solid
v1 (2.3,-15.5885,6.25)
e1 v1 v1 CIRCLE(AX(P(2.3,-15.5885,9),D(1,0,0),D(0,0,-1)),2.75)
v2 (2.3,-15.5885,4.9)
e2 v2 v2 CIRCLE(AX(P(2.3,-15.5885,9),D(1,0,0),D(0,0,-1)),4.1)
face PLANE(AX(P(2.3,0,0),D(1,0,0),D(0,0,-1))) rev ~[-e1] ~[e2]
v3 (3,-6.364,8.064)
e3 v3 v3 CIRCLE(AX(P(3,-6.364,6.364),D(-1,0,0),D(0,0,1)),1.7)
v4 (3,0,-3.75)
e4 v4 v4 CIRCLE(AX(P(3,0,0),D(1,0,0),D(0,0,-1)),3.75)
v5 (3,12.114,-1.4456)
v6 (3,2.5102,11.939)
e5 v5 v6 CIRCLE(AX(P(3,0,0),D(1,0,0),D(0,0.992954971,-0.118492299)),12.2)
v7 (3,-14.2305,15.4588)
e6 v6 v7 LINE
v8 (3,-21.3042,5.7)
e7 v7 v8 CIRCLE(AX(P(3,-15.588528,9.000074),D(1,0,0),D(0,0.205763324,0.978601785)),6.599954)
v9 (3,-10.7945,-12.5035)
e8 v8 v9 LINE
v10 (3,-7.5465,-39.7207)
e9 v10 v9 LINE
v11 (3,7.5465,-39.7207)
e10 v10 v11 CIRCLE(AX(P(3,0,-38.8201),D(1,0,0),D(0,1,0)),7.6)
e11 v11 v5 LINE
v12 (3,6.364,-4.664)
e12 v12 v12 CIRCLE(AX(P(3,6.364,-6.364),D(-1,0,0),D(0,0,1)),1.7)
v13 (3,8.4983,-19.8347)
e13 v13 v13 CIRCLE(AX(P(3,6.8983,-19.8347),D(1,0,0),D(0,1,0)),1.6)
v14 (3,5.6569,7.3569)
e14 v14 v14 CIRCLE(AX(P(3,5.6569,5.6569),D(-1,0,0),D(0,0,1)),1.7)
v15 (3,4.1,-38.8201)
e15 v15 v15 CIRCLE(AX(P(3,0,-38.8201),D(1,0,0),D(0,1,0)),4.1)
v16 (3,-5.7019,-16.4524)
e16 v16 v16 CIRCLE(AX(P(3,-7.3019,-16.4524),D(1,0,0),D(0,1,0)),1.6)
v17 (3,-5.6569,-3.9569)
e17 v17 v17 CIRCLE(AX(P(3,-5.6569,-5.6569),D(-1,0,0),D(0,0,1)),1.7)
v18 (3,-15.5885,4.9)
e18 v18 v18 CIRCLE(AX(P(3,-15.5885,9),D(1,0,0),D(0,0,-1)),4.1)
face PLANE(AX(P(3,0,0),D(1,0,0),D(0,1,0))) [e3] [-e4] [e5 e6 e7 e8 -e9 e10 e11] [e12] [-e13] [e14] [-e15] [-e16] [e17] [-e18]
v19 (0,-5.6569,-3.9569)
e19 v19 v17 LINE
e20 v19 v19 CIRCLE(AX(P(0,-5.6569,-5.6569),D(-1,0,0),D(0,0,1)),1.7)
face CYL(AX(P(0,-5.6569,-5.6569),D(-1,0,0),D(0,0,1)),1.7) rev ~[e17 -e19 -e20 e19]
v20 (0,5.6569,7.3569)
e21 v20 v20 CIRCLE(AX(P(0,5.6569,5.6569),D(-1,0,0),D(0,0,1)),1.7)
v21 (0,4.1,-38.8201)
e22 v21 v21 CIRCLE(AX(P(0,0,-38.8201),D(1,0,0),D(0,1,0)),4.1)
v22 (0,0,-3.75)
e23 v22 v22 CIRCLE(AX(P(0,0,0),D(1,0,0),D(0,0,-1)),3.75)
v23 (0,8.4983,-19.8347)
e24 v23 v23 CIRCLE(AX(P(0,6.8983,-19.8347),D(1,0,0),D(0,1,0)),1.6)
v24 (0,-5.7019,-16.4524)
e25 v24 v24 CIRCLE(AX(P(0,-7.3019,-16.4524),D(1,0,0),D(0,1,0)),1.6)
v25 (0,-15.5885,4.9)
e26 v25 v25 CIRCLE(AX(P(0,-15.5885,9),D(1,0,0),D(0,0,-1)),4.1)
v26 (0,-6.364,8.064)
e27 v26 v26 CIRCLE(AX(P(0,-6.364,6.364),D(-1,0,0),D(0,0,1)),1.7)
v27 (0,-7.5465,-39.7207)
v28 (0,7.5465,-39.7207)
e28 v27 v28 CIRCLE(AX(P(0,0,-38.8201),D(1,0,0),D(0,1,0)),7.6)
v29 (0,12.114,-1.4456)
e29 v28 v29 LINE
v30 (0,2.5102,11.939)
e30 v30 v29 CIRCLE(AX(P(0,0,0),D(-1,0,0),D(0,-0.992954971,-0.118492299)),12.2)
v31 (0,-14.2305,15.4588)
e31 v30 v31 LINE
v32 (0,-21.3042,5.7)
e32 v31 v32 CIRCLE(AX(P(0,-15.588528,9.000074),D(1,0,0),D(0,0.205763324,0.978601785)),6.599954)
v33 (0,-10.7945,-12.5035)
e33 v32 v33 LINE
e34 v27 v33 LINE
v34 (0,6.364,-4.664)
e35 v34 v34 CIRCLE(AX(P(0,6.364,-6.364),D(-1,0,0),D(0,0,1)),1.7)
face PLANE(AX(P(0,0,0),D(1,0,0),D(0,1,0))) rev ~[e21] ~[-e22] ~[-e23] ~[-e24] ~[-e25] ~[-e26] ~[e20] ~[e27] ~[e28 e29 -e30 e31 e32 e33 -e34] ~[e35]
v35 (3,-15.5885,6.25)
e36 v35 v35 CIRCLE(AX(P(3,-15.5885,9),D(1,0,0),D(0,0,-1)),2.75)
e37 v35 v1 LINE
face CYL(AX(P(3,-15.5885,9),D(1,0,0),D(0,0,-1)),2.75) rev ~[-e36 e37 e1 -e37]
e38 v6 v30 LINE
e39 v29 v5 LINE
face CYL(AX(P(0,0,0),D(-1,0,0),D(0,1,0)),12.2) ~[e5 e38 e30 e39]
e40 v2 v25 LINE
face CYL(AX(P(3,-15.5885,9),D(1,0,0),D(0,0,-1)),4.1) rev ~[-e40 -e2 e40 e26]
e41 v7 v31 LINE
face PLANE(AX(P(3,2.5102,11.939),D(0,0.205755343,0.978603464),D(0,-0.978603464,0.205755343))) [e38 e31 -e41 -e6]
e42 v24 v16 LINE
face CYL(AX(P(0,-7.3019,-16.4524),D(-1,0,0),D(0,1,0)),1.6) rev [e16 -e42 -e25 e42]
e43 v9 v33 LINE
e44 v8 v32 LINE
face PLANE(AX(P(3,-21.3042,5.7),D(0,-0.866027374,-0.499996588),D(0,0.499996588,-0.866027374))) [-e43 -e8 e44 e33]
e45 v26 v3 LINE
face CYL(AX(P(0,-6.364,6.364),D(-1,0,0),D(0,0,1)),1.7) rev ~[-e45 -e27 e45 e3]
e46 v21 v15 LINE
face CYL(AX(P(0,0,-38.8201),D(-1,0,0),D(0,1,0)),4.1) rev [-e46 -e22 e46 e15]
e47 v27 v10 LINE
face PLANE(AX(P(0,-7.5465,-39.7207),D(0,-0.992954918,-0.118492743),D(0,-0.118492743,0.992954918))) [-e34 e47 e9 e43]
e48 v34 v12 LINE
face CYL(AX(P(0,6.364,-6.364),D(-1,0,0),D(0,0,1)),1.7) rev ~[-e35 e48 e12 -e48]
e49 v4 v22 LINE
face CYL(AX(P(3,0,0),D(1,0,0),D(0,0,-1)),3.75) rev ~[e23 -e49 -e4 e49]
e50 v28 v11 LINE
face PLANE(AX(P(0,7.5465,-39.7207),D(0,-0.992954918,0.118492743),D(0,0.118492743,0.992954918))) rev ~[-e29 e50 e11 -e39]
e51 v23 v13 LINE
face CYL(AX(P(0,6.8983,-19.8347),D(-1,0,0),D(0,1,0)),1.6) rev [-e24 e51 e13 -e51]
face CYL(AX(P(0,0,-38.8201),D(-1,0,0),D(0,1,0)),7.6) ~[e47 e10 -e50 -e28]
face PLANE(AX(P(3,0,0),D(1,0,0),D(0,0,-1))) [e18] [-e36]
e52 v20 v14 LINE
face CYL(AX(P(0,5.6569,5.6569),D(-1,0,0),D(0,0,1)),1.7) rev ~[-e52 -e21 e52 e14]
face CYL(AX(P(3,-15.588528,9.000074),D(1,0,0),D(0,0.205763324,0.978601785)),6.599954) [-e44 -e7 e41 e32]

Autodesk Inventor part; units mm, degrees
ref_plane "YZ Plane" through (0, 0, 0) normal (1, 0, 0) x (0, 1, 0)
ref_plane "XZ Plane" through (0, 0, 0) normal (0, 1, 0) x (-1, 0, 0)
ref_plane "XY Plane" through (0, 0, 0) normal (0, 0, 1) x (1, 0, 0)
sketch "Эскиз1" plane through (0, 0, 0) normal (1, 0, 0) x (0, 1, 0)
  circle A0 centre (35.2311, -22.6062) radius 9.3
  circle A1 centre (0, -38.8201) radius 6.1 construction
  circle A2 centre (0, 0) radius 4.85 construction
  circle A3 centre (35.8147, -49.5529) radius 3.55
  line L0 (6.0968, -38.6237) -> (4.8475, 0.1562) construction
  line L1 (-4.8475, 0.1562) -> (-6.0968, -38.6237) construction
  line L2 (0, 0) -> (0, -38.8201) construction
  circle A4 centre (0, -38.8201) radius 4.1
  circle A5 centre (0, 0) radius 2.5
  circle A6 centre (0, -38.8201) radius 15 construction
  circle A7 centre (0, 0) radius 14 construction
  circle A8 centre (0, -38.8201) radius 7.6
  circle A9 centre (0, 0) radius 7 construction
  line L3 (7.5465, -39.7207) -> (12.114, -1.4456)
  line L4 (-7.5465, -39.7207) -> (-12.114, -1.4456)
  circle A10 centre (0, 0) radius 8.8 construction
  circle A11 centre (0, 0) radius 12.2
  circle A12 centre (6.8983, -19.8347) radius 1.6
  circle A13 centre (-7.3019, -16.4524) radius 1.6
  point P0 (-7, 0)
  point P1 (-7.5465, -39.7207)
  point P2 (-12.114, -1.4456)
  dimension "d0" = 18.6
  dimension "d1" = 12.2
  dimension "d2" = 9.7
  dimension "d3" = 7.1
  dimension "d8" = 38.8201
  dimension "d13" = 38.8
  dimension "d14" = 38.8
  dimension "d23" = 8.2
  dimension "d24" = 5
  dimension "d25" = 30
  dimension "d26" = 28
  dimension "d28" = 14
  dimension "d31" = 17.6
  dimension "d32" = 3.4
  dimension "d56" = 3.5
  dimension "d58" = 3.2
  dimension "d59" = 3
  dimension "d60" = 21
  dimension "d61" = 3.2
  dimension "d62" = 3
  dimension "d63" = 18
extrude "Выдавливание4" add sketch "Эскиз1" along normal blind 3 contours A8 | A8 L4 A11 L3 | A11
sketch "Эскиз4" plane through (0, 0, 0) normal (-1, 0, 0) x (0, 0, 1)
  circle A0 centre (-38.8201, 0) radius 4.1 construction
  arc A1 (-1.4456, -12.114) -> (-1.4456, 12.114) centre (0, 0) ccw construction
  line L0 (-39.7207, 7.5465) -> (-1.4456, 12.114) construction
  arc A2 (-39.7207, 7.5465) -> (-39.7207, -7.5465) centre (-38.8201, 0) ccw construction
  line L1 (-1.4456, -12.114) -> (-39.7207, -7.5465) construction
  line L2 (0, 0) -> (0, 12.2) construction
  arc A3 (-1.4456, -12.114) -> (-1.4456, 12.114) centre (0, 0) ccw construction
  line L3 (0, 0) -> (12.2, 0) construction
  circle A4 centre (5.6569, 5.6569) radius 1.7
  line L4 (5.6569, 5.6569) -> (0, 0) construction
  circle A5 centre (-6.364, 6.364) radius 1.7
  line L5 (0, 0) -> (-6.364, 6.364) construction
  circle A6 centre (-5.6569, -5.6569) radius 1.7
  circle A7 centre (6.364, -6.364) radius 1.7
  dimension "d65" = 45
  dimension "d66" = 3.4
  dimension "d67" = 3.4
  dimension "d68" = 45
  dimension "d69" = 16
  dimension "d70" = 18
extrude "Выдавливание5" cut sketch "Эскиз4" against normal blind 3
sketch "Эскиз5" plane through (3, 0, 0) normal (1, 0, 0) x (0, 0, -1)
  circle A0 centre (0, 0) radius 3.75
  dimension "d38" = 7.5
extrude "Выдавливание6" cut sketch "Эскиз5" against normal blind 3
sketch "Эскиз6" plane through (3, 0, 0) normal (1, 0, 0) x (0, 0, -1)
  circle A0 centre (0, -18) radius 2
  circle A1 centre (0, 0) radius 3.75 construction
  circle A2 centre (-5.6569, 5.6569) radius 1.7 construction
  circle A3 centre (38.8201, 0) radius 4.1 construction
  line L0 (39.7207, 7.5465) -> (1.4456, 12.114) construction
  arc A4 (1.4456, 12.114) -> (1.4456, -12.114) centre (0, 0) ccw construction
  line L1 (1.4456, -12.114) -> (39.7207, -7.5465) construction
  arc A5 (39.7207, -7.5465) -> (39.7207, 7.5465) centre (38.8201, 0) ccw construction
  line L2 (0, 0) -> (0, -26.6004) construction
  circle A6 centre (0, 0) radius 14 construction
  line L3 (-10.8605, -5.5578) -> (-3.5608, -19.8222)
  arc A7 (0, -14) -> (-3.5608, -19.8222) centre (0, -18) ccw construction
  line L4 (2.8284, -20.8284) -> (12.911, -10.7458)
  line L5 (1.4456, -12.114) -> (39.7207, -7.5465) construction
  arc A8 (2.8284, -20.8284) -> (0, -14) centre (0, -18) ccw construction
  arc A9 (-3.5608, -19.8222) -> (2.8284, -20.8284) centre (0, -18) ccw
  line L6 (-10.8605, -5.5578) -> (-10.1465, -5.5578)
  line L7 (-10.1465, -5.5578) -> (-6.8136, -9.4237)
  line L8 (-6.8136, -9.4237) -> (5.1237, -10.512)
  line L9 (5.1237, -10.512) -> (12.911, -10.7458)
  dimension "d42" = 28
  dimension "d41" = 4
  dimension "d43" = 18
  dimension "d44" = 8
  dimension "d45" = 45
extrude "Выдавливание7" [suppressed]
sketch "Эскиз7" plane through (3, 0, 0) normal (1, 0, 0) x (0, 0, -1)
  line L0 (0, 0) -> (0, -29.4139) construction
  circle A0 centre (-9, -15.5885) radius 2.75
  line L1 (-9, -15.5885) -> (0, 0) construction
  circle A1 centre (0, 0) radius 14 construction
  circle A2 centre (0, 0) radius 18 construction
  arc A3 (-5.7, -21.3042) -> (-15.4588, -14.2305) centre (-9, -15.5885) ccw construction
  circle A4 centre (0, 0) radius 3.75 construction
  circle A5 centre (-5.6569, 5.6569) radius 1.7 construction
  circle A6 centre (38.8201, 0) radius 4.1 construction
  line L2 (39.7207, 7.5465) -> (1.4456, 12.114) construction
  arc A7 (1.4456, 12.114) -> (1.4456, -12.114) centre (0, 0) ccw projected
  line L3 (1.4456, -12.114) -> (39.7207, -7.5465) projected
  arc A8 (39.7207, -7.5465) -> (39.7207, 7.5465) centre (38.8201, 0) ccw construction
  line L4 (-11.939, 2.5102) -> (-15.4588, -14.2305)
  line L5 (-5.7, -21.3042) -> (12.5035, -10.7945)
  line L6 (1.4456, -12.114) -> (39.7207, -7.5465) construction
  arc A9 (-15.4588, -14.2305) -> (-5.7, -21.3042) centre (-9, -15.5885) ccw
  circle A10 centre (-9, -15.5885) radius 4.1
  point P0 (12.5035, -10.7945)
  dimension "d48" = 5.5
  dimension "d49" = 330
  dimension "d50" = 28
  dimension "d51" = 4
  dimension "d53" = 30
  dimension "d71" = 8.2
  dimension "d76" = 2.5
extrude "Выдавливание8" add sketch "Эскиз7" against normal up to surface (3 mm away) contours A7 L3 L5 A9 L4 | A10
extrude "Выдавливание9" cut sketch "Эскиз7" against normal blind 3 contours A10
extrude "Выдавливание10" add sketch "Эскиз7" against normal blind 0.7 contours A10
properties part number "_3DПЕЧАТЬ"
